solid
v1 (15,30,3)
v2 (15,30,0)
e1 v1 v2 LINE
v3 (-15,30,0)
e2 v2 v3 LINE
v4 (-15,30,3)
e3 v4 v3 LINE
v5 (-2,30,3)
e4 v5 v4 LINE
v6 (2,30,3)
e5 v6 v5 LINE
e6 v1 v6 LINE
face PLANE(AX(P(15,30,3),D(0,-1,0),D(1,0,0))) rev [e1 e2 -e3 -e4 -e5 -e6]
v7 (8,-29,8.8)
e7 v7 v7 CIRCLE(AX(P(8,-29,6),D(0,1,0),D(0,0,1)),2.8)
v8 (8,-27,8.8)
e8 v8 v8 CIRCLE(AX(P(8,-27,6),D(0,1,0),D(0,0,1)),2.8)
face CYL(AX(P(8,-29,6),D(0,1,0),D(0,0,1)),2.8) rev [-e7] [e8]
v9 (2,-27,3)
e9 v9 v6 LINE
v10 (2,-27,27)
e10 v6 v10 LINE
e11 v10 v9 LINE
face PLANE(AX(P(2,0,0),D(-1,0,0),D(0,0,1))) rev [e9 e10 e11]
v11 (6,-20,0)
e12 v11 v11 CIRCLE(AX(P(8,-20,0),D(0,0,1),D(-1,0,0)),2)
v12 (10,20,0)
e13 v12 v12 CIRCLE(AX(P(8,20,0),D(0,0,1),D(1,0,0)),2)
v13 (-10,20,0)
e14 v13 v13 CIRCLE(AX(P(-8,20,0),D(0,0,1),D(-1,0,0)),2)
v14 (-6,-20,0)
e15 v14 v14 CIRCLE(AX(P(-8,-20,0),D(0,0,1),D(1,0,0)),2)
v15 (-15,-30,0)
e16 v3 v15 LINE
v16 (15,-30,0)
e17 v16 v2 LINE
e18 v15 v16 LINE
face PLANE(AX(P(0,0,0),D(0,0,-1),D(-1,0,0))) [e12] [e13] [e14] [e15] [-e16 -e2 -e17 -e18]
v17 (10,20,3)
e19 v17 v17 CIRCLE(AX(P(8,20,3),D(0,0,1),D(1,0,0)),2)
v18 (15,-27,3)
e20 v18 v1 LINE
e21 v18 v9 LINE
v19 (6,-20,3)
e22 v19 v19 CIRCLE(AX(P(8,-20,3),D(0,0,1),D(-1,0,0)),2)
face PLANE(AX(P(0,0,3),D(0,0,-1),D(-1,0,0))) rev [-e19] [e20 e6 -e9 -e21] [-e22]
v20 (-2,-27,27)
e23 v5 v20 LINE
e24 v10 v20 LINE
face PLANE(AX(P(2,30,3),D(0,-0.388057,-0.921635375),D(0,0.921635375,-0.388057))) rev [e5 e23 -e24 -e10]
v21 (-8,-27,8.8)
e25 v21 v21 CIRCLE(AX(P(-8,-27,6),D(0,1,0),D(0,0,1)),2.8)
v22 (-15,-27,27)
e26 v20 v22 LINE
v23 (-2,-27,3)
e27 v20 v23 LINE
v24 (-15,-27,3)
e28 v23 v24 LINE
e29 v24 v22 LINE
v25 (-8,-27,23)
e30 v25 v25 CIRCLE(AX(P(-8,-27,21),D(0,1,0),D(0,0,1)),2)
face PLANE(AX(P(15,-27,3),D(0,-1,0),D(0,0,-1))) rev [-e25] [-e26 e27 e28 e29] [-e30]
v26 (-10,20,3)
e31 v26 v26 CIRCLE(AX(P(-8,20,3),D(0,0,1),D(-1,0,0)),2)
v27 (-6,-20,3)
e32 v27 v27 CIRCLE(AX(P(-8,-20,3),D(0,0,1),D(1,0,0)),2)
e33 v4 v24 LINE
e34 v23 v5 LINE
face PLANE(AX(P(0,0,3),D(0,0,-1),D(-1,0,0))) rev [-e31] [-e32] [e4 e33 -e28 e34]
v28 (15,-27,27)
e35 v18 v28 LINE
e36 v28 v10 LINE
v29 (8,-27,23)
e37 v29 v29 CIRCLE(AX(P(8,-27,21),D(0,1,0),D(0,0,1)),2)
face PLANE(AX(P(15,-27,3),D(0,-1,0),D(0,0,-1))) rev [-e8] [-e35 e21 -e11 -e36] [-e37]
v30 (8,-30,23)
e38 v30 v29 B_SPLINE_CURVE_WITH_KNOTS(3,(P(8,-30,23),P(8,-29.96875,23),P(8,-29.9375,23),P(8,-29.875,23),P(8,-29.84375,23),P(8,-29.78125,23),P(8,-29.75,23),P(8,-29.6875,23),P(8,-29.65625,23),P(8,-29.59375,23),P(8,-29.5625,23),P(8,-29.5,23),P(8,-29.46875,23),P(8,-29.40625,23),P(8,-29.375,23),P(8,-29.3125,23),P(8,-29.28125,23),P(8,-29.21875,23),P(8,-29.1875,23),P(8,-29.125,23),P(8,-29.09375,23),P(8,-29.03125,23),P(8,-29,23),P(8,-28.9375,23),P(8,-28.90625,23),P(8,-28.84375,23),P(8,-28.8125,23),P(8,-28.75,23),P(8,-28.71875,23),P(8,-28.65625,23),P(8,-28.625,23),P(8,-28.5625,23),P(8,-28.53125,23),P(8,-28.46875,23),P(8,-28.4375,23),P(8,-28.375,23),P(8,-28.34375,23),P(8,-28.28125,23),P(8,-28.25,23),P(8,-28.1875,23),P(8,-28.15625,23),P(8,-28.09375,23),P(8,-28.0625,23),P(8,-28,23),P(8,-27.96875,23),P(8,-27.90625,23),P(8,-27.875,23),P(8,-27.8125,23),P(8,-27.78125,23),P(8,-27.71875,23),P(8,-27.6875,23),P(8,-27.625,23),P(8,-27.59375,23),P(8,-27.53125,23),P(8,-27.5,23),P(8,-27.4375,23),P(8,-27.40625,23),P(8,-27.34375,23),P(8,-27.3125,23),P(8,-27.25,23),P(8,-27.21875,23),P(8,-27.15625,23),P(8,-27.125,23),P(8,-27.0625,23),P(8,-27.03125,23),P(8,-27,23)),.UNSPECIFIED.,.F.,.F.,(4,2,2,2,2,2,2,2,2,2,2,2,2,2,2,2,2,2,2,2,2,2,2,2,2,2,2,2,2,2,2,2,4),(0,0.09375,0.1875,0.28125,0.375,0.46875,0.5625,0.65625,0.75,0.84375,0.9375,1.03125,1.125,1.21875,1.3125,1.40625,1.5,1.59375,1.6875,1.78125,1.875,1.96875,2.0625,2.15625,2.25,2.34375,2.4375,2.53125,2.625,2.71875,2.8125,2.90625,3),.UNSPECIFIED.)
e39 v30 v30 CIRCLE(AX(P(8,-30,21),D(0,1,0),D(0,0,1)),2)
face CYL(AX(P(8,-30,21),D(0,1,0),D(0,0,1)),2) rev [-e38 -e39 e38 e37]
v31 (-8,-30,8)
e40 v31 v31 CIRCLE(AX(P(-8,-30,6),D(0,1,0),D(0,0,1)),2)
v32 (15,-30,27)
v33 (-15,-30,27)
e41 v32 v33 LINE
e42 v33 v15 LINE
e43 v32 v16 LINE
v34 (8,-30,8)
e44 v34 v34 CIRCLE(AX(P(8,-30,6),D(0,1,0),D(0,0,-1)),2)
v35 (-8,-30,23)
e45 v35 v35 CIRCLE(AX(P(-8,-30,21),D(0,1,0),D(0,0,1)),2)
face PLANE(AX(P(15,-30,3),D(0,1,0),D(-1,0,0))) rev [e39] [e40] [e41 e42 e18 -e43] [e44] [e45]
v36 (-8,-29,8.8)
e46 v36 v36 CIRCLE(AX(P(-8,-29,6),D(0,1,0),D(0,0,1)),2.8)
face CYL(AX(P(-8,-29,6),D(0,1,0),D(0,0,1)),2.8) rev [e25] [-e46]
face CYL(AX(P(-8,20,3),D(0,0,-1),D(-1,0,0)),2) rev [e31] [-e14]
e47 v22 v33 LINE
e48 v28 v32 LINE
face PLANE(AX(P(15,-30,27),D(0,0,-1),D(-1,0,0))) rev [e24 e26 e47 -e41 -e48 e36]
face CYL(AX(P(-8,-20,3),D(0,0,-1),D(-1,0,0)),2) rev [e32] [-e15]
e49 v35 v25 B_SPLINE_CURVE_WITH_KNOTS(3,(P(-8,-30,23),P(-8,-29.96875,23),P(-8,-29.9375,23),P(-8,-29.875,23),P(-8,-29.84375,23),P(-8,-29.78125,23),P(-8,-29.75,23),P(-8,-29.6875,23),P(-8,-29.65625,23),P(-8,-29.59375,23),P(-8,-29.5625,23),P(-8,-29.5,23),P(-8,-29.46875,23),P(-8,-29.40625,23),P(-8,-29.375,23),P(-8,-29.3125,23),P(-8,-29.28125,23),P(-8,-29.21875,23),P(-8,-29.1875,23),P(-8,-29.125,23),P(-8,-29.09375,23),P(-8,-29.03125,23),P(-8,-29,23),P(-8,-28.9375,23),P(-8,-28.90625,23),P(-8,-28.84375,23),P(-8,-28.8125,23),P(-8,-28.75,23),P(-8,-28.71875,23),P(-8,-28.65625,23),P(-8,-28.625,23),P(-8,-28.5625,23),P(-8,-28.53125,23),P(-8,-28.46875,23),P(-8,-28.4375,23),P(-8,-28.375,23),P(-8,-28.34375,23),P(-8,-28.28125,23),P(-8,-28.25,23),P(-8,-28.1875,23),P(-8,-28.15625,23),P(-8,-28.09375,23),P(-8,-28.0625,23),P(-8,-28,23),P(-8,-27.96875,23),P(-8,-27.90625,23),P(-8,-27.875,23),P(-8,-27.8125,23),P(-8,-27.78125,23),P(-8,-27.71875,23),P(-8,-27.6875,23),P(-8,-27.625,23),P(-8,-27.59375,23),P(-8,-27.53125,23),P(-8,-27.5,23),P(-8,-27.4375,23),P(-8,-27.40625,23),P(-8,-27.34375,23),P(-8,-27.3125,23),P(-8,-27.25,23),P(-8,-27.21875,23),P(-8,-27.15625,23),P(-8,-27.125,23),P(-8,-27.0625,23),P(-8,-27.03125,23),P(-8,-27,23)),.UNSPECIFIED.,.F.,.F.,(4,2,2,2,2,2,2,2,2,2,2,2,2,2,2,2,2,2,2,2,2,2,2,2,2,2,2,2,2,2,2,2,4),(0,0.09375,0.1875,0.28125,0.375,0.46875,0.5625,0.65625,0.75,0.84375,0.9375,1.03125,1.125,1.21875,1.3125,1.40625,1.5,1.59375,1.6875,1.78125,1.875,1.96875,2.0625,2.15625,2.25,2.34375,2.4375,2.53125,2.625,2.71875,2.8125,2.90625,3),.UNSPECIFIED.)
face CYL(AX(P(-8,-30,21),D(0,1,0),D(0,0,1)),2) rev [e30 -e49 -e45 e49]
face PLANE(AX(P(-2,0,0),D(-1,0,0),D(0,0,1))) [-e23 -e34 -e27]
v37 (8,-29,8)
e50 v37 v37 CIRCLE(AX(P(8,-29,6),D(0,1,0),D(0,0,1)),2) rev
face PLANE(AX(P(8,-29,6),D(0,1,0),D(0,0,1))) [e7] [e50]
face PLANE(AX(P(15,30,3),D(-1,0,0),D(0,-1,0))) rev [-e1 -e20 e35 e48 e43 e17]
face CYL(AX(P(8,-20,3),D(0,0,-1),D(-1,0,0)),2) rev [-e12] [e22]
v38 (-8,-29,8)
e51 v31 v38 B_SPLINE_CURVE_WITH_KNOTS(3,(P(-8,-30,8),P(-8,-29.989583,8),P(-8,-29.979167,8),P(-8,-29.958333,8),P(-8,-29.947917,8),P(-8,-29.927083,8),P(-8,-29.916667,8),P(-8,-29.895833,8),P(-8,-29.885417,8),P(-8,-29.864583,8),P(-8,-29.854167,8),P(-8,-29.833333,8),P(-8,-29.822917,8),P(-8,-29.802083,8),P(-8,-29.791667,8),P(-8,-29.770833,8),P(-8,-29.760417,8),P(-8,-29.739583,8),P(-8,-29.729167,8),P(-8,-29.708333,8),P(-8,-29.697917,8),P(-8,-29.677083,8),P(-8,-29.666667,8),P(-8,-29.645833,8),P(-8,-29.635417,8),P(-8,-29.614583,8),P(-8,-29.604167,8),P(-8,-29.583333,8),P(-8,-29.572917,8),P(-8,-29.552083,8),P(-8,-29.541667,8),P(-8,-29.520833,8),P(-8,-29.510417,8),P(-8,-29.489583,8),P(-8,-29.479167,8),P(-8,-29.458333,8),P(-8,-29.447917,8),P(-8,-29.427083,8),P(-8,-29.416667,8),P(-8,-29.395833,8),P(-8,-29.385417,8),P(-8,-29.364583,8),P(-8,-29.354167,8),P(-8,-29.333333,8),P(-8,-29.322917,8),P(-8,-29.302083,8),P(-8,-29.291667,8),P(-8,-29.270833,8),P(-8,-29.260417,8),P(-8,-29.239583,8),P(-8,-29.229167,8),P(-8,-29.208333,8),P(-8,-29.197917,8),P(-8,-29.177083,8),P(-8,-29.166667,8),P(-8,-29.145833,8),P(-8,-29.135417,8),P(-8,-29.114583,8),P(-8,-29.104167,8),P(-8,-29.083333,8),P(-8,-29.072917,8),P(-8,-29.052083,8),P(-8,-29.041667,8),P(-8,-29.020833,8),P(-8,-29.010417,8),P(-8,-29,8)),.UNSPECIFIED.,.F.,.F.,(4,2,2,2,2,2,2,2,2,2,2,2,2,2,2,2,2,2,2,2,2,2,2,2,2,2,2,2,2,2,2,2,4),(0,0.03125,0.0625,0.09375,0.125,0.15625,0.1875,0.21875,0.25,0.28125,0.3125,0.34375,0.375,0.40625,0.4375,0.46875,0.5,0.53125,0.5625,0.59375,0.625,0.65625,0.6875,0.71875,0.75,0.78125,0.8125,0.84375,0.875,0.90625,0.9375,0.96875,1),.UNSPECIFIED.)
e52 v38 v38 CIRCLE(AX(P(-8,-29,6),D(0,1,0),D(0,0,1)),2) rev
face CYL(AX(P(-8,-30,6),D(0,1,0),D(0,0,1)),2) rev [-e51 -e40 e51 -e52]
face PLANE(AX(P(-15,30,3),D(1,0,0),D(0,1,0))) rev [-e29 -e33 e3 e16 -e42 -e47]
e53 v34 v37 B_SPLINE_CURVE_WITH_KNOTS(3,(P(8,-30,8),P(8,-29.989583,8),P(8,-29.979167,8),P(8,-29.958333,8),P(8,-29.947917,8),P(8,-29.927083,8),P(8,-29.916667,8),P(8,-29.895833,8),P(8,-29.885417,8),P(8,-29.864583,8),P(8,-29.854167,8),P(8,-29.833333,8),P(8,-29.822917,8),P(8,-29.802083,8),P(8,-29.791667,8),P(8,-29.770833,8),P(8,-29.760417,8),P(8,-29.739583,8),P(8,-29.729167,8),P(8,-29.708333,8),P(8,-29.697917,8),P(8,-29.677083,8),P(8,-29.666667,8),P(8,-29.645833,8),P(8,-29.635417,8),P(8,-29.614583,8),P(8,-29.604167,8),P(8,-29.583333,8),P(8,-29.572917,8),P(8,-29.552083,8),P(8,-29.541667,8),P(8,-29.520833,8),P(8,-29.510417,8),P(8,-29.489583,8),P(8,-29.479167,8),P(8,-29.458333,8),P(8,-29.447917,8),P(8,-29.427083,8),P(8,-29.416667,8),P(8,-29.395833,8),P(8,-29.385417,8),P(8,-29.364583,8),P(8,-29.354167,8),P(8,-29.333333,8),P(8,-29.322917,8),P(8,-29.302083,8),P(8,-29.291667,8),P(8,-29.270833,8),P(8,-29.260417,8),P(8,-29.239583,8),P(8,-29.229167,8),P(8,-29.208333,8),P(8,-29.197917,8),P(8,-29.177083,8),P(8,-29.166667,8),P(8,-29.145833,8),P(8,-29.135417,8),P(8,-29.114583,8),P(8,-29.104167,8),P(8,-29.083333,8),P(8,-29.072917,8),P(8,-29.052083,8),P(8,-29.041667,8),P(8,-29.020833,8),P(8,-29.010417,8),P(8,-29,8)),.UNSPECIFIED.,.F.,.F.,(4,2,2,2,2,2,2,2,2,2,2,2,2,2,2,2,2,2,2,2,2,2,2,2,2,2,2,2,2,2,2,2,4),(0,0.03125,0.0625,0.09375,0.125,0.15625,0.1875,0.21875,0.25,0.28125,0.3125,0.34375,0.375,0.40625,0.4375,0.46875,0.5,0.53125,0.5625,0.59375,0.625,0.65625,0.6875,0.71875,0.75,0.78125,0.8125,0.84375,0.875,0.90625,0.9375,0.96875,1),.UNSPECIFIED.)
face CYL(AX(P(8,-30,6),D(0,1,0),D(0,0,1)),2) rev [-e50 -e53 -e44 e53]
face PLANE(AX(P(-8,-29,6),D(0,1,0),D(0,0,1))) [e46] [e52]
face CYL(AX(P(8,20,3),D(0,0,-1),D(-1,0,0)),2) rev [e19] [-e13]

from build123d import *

# Parameters (mm, degrees)
SKETCH1_W           = 30
SKETCH1_H           = 60
SKETCH1_R           = 2
BOSS_EXTRUDE1_DEPTH = 3
SKETCH2_W           = 24
SKETCH2_H           = 3
BOSS_EXTRUDE2_DEPTH = 15
SKETCH3_R           = 2
CUT_EXTRUDE1_DEPTH  = 65.830548355
BOSS_EXTRUDE3_DEPTH = 2
SKETCH4_R           = 2.8
CUT_EXTRUDE2_DEPTH  = 2


with BuildPart() as part:
    # Sketch1 → Boss-Extrude1 (new body)
    with BuildSketch(Plane.XY):
        Rectangle(SKETCH1_W, SKETCH1_H)
        with Locations((8, 20)):
            Circle(SKETCH1_R, mode=Mode.SUBTRACT)
        with Locations(Location((8, -20, 0), (0, 0, 180))):
            Circle(SKETCH1_R, mode=Mode.SUBTRACT)
        with Locations(Location((-8, 20, 0), (0, 0, 180))):
            Circle(SKETCH1_R, mode=Mode.SUBTRACT)
        with Locations((-8, -20)):
            Circle(SKETCH1_R, mode=Mode.SUBTRACT)
    extrude(amount=BOSS_EXTRUDE1_DEPTH)

    # Sketch2 → Boss-Extrude2 (add, symmetric)
    with BuildSketch(Plane(origin=(0, 0, 0), x_dir=(0, 0, -1), z_dir=(1, 0, 0))):
        with Locations((-15, -28.5)):
            Rectangle(SKETCH2_W, SKETCH2_H)
    extrude(amount=BOSS_EXTRUDE2_DEPTH, both=True)

    # Sketch3 → Cut-Extrude1 (cut, through all)
    with BuildSketch(Plane(origin=(0, -27, 0), x_dir=(1, 0, 0), z_dir=(0, 1, 0))):
        with Locations(Location((-8, -6, 0), (0, 0, 270))):
            Circle(SKETCH3_R)
        with Locations(Location((8, -6, 0), (0, 0, 270))):
            Circle(SKETCH3_R)
        with Locations(Location((-8, -21, 0), (0, 0, 270))):
            Circle(SKETCH3_R)
        with Locations(Location((8, -21, 0), (0, 0, 270))):
            Circle(SKETCH3_R)
    extrude(amount=-CUT_EXTRUDE1_DEPTH, mode=Mode.SUBTRACT)

    # Sketch6 → Boss-Extrude3 (add, symmetric)
    with BuildSketch(Plane(origin=(0, 0, 0), x_dir=(0, 0, -1), z_dir=(1, 0, 0))):
        Polygon((-3, 30), (-27, -27), (-3, -27), align=None)
    extrude(amount=BOSS_EXTRUDE3_DEPTH, both=True)

    # Sketch4 → Cut-Extrude2 (cut)
    with BuildSketch(Plane(origin=(0, -27, 0), x_dir=(1, 0, 0), z_dir=(0, 1, 0))):
        with Locations(Location((-8, -6, 0), (0, 0, 270))):
            Circle(SKETCH4_R)
        with Locations(Location((8, -6, 0), (0, 0, 270))):
            Circle(SKETCH4_R)
    extrude(amount=-CUT_EXTRUDE2_DEPTH, mode=Mode.SUBTRACT)


solid = part.part
